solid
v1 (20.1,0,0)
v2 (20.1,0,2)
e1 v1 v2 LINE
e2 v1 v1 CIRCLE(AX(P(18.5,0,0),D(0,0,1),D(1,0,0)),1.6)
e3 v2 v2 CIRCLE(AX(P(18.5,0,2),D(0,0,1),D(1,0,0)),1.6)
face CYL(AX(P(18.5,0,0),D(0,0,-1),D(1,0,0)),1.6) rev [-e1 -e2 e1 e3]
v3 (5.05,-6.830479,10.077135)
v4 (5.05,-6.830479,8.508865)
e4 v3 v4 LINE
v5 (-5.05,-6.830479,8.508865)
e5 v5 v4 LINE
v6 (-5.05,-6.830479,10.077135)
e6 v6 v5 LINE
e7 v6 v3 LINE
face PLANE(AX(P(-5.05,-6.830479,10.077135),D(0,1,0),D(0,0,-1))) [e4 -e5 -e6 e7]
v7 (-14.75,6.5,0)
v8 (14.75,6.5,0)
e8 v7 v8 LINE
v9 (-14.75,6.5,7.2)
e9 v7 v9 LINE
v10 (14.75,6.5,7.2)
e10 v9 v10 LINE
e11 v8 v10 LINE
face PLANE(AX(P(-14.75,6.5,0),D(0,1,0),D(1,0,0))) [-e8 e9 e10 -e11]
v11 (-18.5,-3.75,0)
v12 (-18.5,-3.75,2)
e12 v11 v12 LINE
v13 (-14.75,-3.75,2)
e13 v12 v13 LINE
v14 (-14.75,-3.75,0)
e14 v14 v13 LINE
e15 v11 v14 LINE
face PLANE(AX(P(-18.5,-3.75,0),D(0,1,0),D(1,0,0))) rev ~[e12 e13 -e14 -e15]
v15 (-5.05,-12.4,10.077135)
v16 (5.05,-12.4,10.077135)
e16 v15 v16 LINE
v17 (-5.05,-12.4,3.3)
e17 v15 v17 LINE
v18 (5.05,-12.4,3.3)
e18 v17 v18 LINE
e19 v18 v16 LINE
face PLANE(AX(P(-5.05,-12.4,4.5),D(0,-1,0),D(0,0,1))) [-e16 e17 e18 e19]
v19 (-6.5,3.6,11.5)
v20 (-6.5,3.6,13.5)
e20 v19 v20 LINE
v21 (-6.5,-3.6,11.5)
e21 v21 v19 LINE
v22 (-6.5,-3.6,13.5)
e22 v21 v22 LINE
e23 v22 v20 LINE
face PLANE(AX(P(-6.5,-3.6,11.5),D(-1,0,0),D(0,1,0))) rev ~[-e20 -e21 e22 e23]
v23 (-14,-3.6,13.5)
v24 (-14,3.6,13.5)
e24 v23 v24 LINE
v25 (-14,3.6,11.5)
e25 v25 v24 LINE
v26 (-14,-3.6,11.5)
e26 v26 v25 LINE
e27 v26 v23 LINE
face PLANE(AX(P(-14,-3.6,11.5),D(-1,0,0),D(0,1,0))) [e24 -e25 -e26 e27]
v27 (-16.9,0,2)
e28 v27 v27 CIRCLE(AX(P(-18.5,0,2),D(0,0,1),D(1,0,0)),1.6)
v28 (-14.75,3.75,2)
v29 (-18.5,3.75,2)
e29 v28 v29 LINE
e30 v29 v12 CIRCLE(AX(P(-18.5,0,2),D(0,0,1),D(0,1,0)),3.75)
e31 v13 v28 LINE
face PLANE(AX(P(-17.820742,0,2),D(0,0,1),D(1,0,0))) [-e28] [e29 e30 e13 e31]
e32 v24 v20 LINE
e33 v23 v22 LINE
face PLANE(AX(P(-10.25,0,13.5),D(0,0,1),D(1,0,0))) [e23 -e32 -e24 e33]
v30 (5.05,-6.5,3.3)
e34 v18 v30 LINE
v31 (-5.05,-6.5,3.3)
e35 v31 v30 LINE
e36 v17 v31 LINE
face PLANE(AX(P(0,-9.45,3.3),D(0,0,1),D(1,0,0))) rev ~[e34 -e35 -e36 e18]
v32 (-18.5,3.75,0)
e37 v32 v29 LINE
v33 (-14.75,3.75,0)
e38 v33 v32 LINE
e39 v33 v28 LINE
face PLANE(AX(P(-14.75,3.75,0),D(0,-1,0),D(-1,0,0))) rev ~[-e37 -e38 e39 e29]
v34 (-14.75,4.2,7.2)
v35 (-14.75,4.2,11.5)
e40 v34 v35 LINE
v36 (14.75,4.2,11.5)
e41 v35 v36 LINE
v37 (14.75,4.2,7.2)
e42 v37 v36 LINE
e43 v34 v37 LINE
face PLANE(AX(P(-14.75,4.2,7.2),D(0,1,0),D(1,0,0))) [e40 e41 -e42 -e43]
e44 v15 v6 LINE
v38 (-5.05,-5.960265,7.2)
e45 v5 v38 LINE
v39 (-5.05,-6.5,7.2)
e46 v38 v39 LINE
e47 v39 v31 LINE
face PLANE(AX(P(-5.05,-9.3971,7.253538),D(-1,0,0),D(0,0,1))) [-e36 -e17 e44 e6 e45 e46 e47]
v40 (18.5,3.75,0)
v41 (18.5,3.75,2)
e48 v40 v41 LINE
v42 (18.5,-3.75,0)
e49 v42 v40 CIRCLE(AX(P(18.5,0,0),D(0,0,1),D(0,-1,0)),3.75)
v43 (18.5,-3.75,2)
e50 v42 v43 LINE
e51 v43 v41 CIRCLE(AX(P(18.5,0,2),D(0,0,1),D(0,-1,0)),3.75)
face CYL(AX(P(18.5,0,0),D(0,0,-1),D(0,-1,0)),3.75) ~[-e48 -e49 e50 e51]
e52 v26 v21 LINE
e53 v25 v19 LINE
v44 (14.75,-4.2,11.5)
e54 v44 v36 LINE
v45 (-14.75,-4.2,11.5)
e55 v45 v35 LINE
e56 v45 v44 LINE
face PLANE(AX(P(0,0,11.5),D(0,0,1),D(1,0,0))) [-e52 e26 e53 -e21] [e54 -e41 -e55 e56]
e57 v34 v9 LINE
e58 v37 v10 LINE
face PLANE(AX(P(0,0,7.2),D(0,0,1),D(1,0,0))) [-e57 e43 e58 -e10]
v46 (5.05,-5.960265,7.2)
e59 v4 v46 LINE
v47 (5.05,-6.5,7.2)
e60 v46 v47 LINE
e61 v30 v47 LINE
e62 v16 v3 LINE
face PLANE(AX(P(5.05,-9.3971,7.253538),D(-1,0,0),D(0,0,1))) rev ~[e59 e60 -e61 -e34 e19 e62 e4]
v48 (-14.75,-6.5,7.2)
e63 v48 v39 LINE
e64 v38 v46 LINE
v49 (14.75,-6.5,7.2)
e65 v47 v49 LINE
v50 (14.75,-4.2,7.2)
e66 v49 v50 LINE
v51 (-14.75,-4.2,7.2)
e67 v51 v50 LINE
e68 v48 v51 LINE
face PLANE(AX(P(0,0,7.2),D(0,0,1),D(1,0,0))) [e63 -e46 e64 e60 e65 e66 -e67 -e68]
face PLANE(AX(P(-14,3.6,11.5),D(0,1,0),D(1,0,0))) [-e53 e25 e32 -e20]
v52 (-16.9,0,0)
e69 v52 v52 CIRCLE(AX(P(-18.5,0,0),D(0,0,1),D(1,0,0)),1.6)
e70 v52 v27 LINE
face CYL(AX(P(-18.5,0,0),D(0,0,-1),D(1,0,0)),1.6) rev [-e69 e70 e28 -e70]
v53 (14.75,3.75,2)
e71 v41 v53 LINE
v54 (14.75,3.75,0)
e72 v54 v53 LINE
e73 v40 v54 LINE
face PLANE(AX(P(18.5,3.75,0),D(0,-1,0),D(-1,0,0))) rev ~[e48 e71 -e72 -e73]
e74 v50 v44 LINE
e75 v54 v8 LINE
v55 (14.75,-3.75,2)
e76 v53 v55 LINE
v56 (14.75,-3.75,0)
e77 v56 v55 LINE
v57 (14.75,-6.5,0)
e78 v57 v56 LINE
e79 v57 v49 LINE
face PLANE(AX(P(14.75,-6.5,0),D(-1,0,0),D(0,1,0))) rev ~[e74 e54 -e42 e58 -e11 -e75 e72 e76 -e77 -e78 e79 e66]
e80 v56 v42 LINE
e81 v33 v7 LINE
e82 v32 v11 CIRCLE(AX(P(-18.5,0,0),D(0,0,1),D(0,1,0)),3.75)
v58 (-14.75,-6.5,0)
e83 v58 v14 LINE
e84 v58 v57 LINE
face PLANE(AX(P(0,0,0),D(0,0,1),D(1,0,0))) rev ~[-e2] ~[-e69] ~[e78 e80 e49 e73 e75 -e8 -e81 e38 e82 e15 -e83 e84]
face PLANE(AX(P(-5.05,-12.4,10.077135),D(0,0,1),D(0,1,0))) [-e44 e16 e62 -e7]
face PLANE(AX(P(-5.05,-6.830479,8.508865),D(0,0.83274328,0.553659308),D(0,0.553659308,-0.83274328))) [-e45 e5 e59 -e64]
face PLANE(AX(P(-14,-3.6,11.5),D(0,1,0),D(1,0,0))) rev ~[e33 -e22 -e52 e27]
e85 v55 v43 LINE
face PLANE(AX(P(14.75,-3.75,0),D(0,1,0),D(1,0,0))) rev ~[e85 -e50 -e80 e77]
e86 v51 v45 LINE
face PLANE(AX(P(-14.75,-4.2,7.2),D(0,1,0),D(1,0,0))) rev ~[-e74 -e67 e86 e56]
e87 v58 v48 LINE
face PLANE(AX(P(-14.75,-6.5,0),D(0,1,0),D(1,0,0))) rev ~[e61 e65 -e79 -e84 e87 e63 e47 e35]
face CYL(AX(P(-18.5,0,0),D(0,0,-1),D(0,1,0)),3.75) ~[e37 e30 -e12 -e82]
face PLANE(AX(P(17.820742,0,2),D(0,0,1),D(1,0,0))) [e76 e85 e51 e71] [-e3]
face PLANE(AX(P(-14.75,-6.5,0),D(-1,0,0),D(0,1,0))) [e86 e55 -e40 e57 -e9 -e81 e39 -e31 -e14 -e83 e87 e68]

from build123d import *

# Parameters (mm, degrees)
ESQUISSE1_W        = 29.5
ESQUISSE1_H        = 13
BOSS_EXTRU_2_DEPTH = 7.2
ESQUISSE2_W        = 29.5
ESQUISSE2_H        = 8.4
BOSS_EXTRU_3_DEPTH = 4.3
ESQUISSE4_W        = 7.5
ESQUISSE4_H        = 7.2
BOSS_EXTRU_4_DEPTH = 2
ESQUISSE8_W        = 10.1
ESQUISSE8_H        = 5.9
BOSS_EXTRU_5_DEPTH = 1.2
BOSS_EXTRU_6_START = -10.1
BOSS_EXTRU_6_DEPTH = 10.1
ESQUISSE10_R       = 1.6
BOSS_EXTRU_8_DEPTH = 2


with BuildPart() as part:
    # Esquisse1 → Boss.-Extru.2 (new body)
    with BuildSketch(Plane.XY):
        Rectangle(ESQUISSE1_W, ESQUISSE1_H)
    extrude(amount=BOSS_EXTRU_2_DEPTH)

    # Esquisse2 → Boss.-Extru.3 (add)
    with BuildSketch(Plane.XY.offset(7.2)):
        Rectangle(ESQUISSE2_W, ESQUISSE2_H)
    extrude(amount=BOSS_EXTRU_3_DEPTH)

    # Esquisse4 → Boss.-Extru.4 (add)
    with BuildSketch(Plane.XY.offset(11.5)):
        with Locations((-10.25, 0)):
            Rectangle(ESQUISSE4_W, ESQUISSE4_H)
    extrude(amount=BOSS_EXTRU_4_DEPTH)

    # Esquisse8 → Boss.-Extru.5 (add)
    with BuildSketch(Plane.XY.offset(3.3)):
        with Locations((0, -9.45)):
            Rectangle(ESQUISSE8_W, ESQUISSE8_H)
    extrude(amount=BOSS_EXTRU_5_DEPTH)

    # Esquisse9 → Boss.-Extru.6 (add)
    with BuildSketch(Plane(origin=(5.05, 0, 0), x_dir=(0, 0, -1), z_dir=(1, 0, 0)).offset(BOSS_EXTRU_6_START)):
        Polygon((-4.5, -12.4), (-10.0771346, -12.4), (-10.0771346, -6.830479263), (-8.508865165, -6.830479263), (-7.2, -5.960264638), (-7.2, -6.5), (-4.5, -6.5), align=None)
    extrude(amount=BOSS_EXTRU_6_DEPTH)

    # Esquisse10 → Boss.-Extru.8 (add)
    with BuildSketch(Plane.XY):
        with BuildLine():
            Line((18.5, 3.75), (14.75, 3.75))
            Line((14.75, 3.75), (14.75, 0))
            Line((14.75, 0), (14.75, -3.75))
            Line((14.75, -3.75), (18.5, -3.75))
            ThreePointArc((18.5, -3.75), (22.25, 0), (18.5, 3.75))
        make_face()
        with Locations((18.5, 0)):
            Circle(ESQUISSE10_R, mode=Mode.SUBTRACT)
        with BuildLine():
            Line((-18.5, -3.75), (-14.75, -3.75))
            Line((-14.75, -3.75), (-14.75, 0))
            Line((-14.75, 0), (-14.75, 3.75))
            Line((-14.75, 3.75), (-18.5, 3.75))
            ThreePointArc((-18.5, 3.75), (-22.25, 0), (-18.5, -3.75))
        make_face()
        with Locations((-18.5, 0)):
            Circle(ESQUISSE10_R, mode=Mode.SUBTRACT)
    extrude(amount=BOSS_EXTRU_8_DEPTH)


solid = part.part
